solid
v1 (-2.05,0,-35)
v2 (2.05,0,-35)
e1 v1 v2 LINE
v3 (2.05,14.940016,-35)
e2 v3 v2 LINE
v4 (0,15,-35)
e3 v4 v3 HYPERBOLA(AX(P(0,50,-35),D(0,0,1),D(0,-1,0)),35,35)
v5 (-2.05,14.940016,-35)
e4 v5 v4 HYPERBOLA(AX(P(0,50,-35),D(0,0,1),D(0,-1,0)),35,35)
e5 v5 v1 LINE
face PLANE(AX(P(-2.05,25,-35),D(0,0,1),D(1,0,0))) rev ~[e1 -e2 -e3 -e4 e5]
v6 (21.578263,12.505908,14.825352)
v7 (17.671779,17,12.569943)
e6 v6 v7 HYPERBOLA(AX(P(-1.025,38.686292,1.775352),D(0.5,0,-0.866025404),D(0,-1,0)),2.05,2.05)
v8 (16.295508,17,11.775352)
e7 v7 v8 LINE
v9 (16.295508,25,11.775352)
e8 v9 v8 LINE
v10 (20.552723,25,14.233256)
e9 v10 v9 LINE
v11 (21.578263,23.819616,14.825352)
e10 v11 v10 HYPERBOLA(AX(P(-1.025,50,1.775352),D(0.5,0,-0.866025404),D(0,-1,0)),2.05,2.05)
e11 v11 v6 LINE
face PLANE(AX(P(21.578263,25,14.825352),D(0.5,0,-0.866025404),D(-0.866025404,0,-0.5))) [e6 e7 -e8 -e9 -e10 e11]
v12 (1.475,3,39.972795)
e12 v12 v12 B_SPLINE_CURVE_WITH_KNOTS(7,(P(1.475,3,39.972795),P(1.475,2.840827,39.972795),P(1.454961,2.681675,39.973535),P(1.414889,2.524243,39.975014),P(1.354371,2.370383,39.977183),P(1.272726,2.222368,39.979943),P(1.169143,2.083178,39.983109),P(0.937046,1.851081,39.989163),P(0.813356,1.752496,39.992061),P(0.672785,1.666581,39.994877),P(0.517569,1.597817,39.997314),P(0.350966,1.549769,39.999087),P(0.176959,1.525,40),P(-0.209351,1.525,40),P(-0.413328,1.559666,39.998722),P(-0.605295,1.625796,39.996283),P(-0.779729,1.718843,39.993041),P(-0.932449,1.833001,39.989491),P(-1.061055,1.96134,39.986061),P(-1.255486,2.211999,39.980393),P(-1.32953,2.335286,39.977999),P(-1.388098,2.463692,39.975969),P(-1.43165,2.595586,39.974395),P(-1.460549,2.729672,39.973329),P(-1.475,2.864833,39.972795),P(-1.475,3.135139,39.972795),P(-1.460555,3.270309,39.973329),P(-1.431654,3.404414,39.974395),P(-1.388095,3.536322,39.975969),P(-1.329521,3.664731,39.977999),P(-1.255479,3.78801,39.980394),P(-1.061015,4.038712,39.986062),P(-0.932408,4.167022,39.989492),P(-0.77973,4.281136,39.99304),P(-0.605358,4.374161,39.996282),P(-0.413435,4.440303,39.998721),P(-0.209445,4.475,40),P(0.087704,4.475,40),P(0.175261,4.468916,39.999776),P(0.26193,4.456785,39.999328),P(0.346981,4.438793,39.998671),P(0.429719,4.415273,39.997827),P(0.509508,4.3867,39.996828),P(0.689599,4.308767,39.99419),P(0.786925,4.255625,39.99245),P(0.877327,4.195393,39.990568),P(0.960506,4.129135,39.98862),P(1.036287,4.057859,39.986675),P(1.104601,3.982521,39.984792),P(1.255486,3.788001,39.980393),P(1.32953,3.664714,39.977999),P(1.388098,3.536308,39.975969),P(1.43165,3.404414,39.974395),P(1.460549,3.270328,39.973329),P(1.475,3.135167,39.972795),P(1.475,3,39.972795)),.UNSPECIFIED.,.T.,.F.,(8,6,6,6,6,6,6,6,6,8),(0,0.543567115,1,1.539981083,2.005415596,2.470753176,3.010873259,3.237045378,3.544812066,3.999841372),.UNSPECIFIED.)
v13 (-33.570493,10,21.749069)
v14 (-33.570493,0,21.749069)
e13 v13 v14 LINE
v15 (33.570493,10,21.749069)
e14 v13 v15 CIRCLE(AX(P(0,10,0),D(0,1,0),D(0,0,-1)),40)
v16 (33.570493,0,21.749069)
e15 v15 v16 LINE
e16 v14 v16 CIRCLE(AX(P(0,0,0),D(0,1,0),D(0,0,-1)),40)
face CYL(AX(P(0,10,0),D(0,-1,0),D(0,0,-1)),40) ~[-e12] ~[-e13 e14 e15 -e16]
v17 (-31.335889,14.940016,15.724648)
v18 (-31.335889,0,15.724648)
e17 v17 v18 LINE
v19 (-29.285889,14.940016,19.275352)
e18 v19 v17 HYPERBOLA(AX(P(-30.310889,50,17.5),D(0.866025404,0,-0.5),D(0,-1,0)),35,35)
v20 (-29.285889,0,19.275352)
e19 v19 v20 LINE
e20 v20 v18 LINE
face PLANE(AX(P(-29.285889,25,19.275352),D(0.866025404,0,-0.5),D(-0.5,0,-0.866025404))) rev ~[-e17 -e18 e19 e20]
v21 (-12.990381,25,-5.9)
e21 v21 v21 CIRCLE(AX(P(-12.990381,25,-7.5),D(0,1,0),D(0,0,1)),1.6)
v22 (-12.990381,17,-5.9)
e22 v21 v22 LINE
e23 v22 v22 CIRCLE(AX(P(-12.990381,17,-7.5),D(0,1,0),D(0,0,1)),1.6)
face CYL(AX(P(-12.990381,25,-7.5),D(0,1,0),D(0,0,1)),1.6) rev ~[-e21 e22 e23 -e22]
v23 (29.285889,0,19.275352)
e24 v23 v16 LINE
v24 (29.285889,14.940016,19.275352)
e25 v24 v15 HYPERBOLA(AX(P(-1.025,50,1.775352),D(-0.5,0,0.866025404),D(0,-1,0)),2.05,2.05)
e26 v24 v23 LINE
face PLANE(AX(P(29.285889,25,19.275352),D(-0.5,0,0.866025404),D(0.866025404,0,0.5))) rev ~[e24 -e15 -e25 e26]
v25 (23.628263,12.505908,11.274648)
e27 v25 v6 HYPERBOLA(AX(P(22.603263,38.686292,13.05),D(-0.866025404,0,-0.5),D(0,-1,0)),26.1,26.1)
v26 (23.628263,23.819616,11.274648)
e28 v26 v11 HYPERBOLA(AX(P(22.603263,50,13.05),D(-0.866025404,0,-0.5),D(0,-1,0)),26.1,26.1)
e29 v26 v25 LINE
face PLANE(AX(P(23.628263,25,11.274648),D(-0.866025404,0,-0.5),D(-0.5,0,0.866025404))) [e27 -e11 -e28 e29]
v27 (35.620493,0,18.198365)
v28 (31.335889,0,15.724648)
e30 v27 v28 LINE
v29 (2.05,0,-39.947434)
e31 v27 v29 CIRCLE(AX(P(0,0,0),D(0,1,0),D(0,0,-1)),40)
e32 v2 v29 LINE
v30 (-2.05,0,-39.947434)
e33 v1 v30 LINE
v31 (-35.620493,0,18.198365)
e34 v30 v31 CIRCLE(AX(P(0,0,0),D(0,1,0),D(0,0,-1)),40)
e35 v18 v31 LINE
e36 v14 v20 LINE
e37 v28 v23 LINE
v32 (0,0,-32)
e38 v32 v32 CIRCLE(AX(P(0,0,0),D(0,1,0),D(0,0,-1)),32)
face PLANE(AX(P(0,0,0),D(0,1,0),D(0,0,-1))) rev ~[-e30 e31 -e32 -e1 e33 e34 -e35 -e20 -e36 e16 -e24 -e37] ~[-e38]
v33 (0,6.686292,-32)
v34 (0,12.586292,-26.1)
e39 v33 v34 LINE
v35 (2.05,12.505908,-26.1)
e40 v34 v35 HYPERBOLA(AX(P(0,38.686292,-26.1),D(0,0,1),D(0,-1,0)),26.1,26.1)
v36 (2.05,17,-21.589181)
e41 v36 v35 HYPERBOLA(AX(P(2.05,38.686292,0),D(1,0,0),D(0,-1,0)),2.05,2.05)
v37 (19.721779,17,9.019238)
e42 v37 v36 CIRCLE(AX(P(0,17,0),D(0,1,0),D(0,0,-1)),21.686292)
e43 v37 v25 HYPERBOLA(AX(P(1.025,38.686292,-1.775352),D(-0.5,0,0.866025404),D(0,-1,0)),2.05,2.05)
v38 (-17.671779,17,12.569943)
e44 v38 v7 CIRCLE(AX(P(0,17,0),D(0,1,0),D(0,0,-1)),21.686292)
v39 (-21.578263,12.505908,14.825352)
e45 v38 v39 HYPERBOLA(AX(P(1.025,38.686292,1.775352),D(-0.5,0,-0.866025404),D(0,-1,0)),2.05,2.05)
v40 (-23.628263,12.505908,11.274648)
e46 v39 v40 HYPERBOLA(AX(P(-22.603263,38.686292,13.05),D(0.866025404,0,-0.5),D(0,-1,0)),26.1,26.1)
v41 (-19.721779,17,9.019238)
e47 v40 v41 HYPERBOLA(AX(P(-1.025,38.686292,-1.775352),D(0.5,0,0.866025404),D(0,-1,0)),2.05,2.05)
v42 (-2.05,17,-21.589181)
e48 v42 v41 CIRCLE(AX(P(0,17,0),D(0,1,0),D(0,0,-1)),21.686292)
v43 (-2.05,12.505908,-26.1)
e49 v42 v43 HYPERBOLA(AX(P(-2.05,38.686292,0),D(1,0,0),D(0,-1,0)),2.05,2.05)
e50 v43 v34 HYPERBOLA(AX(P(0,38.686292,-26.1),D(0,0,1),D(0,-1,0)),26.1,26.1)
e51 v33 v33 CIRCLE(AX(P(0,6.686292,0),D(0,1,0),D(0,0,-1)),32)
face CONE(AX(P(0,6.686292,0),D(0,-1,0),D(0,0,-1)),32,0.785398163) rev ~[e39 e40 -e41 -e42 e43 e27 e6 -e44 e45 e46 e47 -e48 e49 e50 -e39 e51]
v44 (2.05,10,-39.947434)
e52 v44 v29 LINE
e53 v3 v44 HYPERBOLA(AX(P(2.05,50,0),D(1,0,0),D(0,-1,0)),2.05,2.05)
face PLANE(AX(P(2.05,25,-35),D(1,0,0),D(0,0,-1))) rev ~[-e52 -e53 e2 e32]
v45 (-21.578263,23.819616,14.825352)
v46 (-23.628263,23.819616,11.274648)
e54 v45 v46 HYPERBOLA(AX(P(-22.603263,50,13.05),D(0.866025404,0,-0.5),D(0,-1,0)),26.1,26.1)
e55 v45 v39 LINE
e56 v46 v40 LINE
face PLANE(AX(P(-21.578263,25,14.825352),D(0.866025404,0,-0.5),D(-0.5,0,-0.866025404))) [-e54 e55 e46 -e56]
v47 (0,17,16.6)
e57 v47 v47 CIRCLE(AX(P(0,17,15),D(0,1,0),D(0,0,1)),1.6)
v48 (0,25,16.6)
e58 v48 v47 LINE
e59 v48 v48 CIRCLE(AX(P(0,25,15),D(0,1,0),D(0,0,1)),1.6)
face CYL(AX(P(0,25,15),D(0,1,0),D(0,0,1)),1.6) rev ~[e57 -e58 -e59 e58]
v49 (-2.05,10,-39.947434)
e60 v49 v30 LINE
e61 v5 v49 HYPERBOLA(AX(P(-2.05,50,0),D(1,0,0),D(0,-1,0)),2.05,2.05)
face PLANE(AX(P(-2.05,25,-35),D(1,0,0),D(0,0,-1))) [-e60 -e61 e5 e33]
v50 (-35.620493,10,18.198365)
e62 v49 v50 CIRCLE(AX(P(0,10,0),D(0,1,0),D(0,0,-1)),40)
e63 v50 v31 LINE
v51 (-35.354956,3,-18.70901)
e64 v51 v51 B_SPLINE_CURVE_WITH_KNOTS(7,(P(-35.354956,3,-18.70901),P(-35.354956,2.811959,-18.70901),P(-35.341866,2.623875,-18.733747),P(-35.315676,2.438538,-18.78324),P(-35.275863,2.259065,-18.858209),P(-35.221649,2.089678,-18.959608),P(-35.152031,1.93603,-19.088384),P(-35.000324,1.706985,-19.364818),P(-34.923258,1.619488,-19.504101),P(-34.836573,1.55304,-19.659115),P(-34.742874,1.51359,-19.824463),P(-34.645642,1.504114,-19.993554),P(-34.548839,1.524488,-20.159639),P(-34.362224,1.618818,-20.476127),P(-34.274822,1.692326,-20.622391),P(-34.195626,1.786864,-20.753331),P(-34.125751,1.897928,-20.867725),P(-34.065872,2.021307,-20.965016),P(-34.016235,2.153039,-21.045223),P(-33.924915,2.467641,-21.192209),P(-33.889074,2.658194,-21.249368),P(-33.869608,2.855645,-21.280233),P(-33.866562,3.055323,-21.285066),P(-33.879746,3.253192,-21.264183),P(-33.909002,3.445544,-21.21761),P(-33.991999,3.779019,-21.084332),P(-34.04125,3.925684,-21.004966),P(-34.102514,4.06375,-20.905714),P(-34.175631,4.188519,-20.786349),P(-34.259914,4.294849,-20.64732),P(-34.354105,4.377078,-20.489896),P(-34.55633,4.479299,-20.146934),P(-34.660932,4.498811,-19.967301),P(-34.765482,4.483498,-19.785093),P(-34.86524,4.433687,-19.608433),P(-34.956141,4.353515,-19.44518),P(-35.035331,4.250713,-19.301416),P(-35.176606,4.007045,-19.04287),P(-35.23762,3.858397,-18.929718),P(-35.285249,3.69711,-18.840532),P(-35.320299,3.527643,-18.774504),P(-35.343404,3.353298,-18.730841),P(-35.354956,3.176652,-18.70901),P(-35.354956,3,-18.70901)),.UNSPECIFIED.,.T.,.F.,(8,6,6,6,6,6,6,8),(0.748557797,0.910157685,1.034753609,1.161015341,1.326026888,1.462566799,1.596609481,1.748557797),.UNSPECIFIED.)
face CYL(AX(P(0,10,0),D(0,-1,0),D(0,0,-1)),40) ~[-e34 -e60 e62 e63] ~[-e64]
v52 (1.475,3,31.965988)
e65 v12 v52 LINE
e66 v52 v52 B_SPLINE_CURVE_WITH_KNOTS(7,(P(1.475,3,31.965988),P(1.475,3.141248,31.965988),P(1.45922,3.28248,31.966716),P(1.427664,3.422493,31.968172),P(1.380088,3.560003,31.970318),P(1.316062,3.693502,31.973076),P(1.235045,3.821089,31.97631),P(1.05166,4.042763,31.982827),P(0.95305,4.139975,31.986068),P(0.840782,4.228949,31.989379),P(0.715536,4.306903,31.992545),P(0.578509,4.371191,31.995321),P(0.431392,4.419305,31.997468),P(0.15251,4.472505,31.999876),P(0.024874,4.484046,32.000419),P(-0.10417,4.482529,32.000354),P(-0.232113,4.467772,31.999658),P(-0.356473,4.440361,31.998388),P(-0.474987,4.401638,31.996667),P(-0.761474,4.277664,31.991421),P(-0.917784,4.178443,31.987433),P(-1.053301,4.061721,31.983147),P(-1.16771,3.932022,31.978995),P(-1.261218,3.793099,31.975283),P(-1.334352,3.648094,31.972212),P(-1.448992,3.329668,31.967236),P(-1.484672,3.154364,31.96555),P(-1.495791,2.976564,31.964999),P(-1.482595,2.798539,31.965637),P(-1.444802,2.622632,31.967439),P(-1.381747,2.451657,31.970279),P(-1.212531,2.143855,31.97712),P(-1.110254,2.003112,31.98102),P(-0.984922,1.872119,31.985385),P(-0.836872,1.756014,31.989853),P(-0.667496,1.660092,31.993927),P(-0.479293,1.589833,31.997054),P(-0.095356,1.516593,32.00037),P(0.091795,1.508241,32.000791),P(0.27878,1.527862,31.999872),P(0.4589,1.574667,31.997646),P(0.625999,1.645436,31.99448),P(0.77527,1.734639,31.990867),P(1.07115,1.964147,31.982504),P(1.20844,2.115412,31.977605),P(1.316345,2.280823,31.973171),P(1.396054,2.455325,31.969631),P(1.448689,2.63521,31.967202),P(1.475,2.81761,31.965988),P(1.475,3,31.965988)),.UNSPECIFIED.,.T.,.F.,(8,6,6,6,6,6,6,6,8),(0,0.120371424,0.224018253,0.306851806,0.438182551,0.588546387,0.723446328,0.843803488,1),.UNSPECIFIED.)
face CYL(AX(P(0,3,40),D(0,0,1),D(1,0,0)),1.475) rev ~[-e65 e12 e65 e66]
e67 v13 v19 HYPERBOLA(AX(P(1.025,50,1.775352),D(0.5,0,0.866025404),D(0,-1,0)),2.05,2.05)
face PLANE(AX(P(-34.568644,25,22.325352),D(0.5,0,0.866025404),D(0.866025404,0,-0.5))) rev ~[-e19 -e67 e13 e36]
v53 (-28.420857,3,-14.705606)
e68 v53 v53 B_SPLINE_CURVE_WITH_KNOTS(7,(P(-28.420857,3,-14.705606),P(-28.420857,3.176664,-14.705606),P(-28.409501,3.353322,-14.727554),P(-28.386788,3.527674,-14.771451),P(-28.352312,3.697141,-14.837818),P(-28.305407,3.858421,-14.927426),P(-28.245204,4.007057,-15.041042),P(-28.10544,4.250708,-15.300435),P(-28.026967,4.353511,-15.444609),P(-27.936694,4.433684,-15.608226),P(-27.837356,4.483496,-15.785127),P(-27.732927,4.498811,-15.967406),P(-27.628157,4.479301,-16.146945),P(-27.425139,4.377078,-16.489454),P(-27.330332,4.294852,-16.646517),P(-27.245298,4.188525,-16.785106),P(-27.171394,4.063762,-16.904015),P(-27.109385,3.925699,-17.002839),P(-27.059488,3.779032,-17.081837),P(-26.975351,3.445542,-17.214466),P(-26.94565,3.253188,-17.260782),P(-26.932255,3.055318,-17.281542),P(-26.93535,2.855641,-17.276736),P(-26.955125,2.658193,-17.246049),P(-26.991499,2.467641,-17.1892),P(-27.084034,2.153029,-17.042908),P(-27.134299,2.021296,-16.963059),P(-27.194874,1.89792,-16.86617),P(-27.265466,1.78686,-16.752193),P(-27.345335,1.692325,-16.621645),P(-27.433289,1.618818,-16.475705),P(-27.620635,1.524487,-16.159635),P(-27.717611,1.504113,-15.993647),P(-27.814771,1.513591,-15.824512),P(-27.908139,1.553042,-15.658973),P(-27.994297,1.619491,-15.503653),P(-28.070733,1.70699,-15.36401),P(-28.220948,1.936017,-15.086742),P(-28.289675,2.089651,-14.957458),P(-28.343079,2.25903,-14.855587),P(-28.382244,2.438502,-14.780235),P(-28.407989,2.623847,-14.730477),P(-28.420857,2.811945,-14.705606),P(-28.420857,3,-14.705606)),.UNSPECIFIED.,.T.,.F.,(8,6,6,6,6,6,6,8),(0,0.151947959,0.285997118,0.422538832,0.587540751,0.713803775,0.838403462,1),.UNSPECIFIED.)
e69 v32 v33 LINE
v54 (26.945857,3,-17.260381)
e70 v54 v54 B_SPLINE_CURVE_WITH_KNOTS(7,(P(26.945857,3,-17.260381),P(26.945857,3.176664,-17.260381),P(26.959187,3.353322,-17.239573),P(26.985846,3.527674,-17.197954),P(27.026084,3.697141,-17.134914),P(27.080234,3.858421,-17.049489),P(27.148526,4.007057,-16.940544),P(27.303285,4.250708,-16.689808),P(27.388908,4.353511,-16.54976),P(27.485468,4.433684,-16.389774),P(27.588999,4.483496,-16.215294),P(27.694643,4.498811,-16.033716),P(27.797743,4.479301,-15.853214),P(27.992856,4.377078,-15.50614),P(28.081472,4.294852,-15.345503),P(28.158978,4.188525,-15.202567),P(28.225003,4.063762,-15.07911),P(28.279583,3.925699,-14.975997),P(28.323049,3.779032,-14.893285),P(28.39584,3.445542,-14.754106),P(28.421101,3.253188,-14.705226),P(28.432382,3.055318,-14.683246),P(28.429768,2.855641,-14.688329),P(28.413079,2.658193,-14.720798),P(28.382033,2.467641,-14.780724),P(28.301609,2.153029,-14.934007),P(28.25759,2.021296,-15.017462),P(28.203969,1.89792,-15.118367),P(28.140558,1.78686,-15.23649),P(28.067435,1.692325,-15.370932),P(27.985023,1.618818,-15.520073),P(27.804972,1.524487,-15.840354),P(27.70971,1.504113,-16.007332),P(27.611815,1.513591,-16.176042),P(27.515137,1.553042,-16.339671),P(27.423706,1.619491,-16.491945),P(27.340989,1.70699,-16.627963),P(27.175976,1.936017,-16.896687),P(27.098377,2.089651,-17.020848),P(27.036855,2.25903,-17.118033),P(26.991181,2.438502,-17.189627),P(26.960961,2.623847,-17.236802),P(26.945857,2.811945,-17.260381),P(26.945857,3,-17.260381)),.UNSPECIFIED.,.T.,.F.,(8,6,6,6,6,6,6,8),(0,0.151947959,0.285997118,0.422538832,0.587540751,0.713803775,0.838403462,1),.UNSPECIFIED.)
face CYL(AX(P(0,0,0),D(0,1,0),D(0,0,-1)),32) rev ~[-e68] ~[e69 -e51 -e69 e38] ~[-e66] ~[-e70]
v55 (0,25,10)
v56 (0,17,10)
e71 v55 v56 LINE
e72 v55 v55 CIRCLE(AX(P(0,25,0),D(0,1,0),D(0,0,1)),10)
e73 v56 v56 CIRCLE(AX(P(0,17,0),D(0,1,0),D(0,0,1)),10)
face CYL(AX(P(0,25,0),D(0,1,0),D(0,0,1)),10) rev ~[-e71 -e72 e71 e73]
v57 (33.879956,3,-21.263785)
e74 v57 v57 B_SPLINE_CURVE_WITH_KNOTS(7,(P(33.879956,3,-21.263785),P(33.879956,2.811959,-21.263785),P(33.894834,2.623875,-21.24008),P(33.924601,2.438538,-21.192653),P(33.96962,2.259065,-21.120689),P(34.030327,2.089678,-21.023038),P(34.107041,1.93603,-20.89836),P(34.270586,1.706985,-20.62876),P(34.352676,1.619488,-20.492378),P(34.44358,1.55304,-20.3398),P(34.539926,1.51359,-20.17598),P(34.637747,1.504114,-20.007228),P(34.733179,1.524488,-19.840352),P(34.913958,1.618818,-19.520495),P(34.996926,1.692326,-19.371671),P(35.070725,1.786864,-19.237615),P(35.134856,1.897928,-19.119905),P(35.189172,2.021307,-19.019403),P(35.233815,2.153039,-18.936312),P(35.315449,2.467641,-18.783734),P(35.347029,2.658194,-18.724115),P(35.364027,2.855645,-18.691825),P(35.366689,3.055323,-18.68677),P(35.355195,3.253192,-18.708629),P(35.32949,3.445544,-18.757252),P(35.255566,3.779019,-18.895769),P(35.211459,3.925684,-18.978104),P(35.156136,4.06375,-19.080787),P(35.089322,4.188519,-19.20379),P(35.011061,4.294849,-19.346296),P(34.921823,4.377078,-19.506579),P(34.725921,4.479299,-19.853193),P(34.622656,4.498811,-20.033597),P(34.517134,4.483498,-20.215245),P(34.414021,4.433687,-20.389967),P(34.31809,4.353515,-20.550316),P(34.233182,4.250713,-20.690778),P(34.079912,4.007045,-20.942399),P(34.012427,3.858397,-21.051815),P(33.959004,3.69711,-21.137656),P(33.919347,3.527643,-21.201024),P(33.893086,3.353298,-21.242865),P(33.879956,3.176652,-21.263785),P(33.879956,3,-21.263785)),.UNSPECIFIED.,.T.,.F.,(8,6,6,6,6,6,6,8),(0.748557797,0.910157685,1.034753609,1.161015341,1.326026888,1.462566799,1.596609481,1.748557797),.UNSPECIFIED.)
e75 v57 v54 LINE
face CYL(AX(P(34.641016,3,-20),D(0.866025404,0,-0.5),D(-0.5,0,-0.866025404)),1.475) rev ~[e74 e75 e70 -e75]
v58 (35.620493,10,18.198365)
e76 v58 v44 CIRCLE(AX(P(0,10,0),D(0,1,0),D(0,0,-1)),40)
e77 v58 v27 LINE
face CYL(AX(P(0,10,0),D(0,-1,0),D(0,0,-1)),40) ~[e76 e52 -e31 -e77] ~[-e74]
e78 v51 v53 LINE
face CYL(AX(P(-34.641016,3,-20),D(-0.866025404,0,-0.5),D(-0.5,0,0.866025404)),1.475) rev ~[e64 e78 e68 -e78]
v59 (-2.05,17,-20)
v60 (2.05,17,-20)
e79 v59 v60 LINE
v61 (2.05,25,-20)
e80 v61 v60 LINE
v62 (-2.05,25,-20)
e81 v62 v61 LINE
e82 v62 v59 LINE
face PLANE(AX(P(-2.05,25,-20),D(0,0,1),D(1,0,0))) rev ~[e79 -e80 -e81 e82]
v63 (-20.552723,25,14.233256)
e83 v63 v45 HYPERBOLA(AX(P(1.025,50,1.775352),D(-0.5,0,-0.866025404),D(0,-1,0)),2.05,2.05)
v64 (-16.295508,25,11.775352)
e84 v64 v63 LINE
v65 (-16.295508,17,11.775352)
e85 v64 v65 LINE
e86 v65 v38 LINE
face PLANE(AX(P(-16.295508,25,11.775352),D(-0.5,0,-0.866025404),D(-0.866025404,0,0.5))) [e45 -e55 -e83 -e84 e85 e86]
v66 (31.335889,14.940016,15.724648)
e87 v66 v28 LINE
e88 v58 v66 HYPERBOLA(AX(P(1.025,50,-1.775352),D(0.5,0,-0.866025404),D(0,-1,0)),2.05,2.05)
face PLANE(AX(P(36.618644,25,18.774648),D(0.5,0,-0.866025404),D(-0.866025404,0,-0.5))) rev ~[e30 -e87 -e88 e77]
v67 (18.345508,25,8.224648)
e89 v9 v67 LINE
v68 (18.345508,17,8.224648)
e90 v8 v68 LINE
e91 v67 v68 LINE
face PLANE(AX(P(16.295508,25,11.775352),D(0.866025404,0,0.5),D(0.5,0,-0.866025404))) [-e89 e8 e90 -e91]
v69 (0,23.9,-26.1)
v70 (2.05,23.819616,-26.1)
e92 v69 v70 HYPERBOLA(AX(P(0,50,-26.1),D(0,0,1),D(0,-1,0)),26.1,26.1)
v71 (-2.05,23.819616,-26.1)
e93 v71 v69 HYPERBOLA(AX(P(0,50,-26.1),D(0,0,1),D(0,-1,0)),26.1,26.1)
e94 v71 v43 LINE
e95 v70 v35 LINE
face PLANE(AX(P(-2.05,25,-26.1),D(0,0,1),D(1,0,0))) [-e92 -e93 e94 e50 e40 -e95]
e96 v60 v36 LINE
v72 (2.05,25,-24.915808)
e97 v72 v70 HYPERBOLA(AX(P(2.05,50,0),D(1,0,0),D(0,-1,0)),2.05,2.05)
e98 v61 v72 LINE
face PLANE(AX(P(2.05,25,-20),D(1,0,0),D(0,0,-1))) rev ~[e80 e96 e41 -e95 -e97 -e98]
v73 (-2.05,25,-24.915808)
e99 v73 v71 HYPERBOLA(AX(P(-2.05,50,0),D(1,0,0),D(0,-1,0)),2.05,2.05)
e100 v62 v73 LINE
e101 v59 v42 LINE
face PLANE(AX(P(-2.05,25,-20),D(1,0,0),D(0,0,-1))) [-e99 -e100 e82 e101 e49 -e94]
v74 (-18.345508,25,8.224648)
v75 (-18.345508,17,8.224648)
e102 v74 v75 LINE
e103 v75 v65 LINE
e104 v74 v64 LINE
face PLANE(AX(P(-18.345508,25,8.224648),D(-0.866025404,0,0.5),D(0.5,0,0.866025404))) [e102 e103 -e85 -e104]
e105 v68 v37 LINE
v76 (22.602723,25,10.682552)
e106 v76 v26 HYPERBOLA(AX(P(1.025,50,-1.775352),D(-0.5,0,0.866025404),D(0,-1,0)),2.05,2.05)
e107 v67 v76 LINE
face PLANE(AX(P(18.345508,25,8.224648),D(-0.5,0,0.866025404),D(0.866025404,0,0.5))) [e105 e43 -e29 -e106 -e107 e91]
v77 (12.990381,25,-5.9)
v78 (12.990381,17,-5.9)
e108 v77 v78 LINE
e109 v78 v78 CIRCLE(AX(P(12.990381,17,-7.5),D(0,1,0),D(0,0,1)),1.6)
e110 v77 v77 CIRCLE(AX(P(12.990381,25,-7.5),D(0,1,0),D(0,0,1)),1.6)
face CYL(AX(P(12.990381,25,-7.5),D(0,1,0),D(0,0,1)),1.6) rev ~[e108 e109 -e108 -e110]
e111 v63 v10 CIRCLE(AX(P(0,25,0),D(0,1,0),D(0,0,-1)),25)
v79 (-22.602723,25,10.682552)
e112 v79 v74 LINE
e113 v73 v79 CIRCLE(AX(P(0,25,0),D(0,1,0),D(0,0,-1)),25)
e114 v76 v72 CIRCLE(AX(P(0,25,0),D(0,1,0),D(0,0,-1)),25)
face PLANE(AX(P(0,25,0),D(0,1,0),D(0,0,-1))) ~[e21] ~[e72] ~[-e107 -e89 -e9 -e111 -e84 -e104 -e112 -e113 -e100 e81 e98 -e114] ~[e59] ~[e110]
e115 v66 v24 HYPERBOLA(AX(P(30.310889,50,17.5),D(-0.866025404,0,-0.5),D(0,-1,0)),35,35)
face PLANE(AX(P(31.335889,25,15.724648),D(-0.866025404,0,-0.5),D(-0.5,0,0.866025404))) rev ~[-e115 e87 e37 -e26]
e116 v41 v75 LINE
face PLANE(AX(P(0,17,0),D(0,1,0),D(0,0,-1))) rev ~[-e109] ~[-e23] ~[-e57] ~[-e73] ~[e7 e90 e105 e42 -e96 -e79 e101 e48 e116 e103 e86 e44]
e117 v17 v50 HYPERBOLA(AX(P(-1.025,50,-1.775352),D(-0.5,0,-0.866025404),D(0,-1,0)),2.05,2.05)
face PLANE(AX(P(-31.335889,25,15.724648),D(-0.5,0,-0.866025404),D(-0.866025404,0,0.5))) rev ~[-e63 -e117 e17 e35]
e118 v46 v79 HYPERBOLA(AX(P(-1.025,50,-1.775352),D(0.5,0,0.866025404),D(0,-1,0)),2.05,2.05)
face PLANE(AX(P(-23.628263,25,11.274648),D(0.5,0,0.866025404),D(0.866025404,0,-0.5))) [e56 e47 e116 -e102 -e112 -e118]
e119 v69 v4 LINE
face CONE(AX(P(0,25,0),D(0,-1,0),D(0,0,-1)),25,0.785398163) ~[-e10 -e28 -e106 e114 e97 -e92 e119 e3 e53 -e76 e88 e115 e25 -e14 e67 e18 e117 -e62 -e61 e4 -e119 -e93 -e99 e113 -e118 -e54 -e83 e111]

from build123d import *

# Parameters (mm, degrees)
SKETCH_2_R               = 10
SKETCH_2_R_2             = 1.6
SKETCH_2_W               = 4.1
SKETCH_2_H               = 6.1
CUT_EXTRUDE_1_DEPTH      = 42
SKETCH_3_R               = 1.475
CUT_EXTRUDE_2_DEPTH      = 15
PATTERN_CIRCULAR_1_COUNT = 3


with BuildPart() as part:
    # 草图1 → 旋转1 (revolve)
    with BuildSketch(Plane(origin=(0, 0, 0), x_dir=(0, 0, -1), z_dir=(1, 0, 0)), mode=Mode.PRIVATE) as revolve_1_sk:
        Polygon((0, 25), (-25, 25), (-40, 10), (-40, 0), (-32, 0), (-32, 6.686291501), (-21.686291501, 17), (0, 17), align=None)
    revolve(revolve_1_sk.sketch.rotate(Axis((0, 0, 0), (0, 1, 0)), 180), axis=Axis((0, 0, 0), (0, 1, 0)))

    # 草图2 → 切除-拉伸1 (cut)
    with BuildSketch(Plane(origin=(0, 25, 0), x_dir=(1, 0, 0), z_dir=(0, 1, 0))):
        with Locations(Location((0, 0, 0), (0, 0, 270))):
            Circle(SKETCH_2_R)
        with Locations(Location((12.990381057, 7.5, 0), (0, 0, 270))):
            Circle(SKETCH_2_R_2)
        with Locations(Location((0, -15, 0), (0, 0, 270))):
            Circle(SKETCH_2_R_2)
        with Locations(Location((-12.990381057, 7.5, 0), (0, 0, 270))):
            Circle(SKETCH_2_R_2)
        Polygon((36.618644096, -18.774647922), (31.335889132, -15.724647922), (29.285889132, -19.275352078), (34.568644096, -22.325352078), align=None)
        with Locations((0, 23.05)):
            Rectangle(SKETCH_2_W, SKETCH_2_H)
        with Locations((0, 38.05)):
            Rectangle(SKETCH_2_W, SKETCH_2_H)
        Polygon((18.345508076, -8.224647922), (23.628263039, -11.274647922), (21.578263039, -14.825352078), (16.295508076, -11.775352078), align=None)
        Polygon((-34.568644096, -22.325352078), (-29.285889132, -19.275352078), (-31.335889132, -15.724647922), (-36.618644096, -18.774647922), align=None)
        Polygon((-16.295508076, -11.775352078), (-21.578263039, -14.825352078), (-23.628263039, -11.274647922), (-18.345508076, -8.224647922), align=None)
    extrude(amount=-CUT_EXTRUDE_1_DEPTH, mode=Mode.SUBTRACT)

    # 草图3 → 切除-拉伸2 (cut)
    with BuildSketch(Plane.XY.offset(40)):
        with Locations((0, 3)):
            Circle(SKETCH_3_R)
    cut_extrude_2 = extrude(amount=-CUT_EXTRUDE_2_DEPTH, mode=Mode.SUBTRACT)

    # 阵列(圆周)1: 切除-拉伸2 ×3 about axis
    pattern_circular_1_axis = Axis((0, 10, 0), (0, -1, 0))
    for i in range(1, PATTERN_CIRCULAR_1_COUNT):
        add(cut_extrude_2.rotate(pattern_circular_1_axis, i * 360 / PATTERN_CIRCULAR_1_COUNT), mode=Mode.SUBTRACT)


solid = part.part
